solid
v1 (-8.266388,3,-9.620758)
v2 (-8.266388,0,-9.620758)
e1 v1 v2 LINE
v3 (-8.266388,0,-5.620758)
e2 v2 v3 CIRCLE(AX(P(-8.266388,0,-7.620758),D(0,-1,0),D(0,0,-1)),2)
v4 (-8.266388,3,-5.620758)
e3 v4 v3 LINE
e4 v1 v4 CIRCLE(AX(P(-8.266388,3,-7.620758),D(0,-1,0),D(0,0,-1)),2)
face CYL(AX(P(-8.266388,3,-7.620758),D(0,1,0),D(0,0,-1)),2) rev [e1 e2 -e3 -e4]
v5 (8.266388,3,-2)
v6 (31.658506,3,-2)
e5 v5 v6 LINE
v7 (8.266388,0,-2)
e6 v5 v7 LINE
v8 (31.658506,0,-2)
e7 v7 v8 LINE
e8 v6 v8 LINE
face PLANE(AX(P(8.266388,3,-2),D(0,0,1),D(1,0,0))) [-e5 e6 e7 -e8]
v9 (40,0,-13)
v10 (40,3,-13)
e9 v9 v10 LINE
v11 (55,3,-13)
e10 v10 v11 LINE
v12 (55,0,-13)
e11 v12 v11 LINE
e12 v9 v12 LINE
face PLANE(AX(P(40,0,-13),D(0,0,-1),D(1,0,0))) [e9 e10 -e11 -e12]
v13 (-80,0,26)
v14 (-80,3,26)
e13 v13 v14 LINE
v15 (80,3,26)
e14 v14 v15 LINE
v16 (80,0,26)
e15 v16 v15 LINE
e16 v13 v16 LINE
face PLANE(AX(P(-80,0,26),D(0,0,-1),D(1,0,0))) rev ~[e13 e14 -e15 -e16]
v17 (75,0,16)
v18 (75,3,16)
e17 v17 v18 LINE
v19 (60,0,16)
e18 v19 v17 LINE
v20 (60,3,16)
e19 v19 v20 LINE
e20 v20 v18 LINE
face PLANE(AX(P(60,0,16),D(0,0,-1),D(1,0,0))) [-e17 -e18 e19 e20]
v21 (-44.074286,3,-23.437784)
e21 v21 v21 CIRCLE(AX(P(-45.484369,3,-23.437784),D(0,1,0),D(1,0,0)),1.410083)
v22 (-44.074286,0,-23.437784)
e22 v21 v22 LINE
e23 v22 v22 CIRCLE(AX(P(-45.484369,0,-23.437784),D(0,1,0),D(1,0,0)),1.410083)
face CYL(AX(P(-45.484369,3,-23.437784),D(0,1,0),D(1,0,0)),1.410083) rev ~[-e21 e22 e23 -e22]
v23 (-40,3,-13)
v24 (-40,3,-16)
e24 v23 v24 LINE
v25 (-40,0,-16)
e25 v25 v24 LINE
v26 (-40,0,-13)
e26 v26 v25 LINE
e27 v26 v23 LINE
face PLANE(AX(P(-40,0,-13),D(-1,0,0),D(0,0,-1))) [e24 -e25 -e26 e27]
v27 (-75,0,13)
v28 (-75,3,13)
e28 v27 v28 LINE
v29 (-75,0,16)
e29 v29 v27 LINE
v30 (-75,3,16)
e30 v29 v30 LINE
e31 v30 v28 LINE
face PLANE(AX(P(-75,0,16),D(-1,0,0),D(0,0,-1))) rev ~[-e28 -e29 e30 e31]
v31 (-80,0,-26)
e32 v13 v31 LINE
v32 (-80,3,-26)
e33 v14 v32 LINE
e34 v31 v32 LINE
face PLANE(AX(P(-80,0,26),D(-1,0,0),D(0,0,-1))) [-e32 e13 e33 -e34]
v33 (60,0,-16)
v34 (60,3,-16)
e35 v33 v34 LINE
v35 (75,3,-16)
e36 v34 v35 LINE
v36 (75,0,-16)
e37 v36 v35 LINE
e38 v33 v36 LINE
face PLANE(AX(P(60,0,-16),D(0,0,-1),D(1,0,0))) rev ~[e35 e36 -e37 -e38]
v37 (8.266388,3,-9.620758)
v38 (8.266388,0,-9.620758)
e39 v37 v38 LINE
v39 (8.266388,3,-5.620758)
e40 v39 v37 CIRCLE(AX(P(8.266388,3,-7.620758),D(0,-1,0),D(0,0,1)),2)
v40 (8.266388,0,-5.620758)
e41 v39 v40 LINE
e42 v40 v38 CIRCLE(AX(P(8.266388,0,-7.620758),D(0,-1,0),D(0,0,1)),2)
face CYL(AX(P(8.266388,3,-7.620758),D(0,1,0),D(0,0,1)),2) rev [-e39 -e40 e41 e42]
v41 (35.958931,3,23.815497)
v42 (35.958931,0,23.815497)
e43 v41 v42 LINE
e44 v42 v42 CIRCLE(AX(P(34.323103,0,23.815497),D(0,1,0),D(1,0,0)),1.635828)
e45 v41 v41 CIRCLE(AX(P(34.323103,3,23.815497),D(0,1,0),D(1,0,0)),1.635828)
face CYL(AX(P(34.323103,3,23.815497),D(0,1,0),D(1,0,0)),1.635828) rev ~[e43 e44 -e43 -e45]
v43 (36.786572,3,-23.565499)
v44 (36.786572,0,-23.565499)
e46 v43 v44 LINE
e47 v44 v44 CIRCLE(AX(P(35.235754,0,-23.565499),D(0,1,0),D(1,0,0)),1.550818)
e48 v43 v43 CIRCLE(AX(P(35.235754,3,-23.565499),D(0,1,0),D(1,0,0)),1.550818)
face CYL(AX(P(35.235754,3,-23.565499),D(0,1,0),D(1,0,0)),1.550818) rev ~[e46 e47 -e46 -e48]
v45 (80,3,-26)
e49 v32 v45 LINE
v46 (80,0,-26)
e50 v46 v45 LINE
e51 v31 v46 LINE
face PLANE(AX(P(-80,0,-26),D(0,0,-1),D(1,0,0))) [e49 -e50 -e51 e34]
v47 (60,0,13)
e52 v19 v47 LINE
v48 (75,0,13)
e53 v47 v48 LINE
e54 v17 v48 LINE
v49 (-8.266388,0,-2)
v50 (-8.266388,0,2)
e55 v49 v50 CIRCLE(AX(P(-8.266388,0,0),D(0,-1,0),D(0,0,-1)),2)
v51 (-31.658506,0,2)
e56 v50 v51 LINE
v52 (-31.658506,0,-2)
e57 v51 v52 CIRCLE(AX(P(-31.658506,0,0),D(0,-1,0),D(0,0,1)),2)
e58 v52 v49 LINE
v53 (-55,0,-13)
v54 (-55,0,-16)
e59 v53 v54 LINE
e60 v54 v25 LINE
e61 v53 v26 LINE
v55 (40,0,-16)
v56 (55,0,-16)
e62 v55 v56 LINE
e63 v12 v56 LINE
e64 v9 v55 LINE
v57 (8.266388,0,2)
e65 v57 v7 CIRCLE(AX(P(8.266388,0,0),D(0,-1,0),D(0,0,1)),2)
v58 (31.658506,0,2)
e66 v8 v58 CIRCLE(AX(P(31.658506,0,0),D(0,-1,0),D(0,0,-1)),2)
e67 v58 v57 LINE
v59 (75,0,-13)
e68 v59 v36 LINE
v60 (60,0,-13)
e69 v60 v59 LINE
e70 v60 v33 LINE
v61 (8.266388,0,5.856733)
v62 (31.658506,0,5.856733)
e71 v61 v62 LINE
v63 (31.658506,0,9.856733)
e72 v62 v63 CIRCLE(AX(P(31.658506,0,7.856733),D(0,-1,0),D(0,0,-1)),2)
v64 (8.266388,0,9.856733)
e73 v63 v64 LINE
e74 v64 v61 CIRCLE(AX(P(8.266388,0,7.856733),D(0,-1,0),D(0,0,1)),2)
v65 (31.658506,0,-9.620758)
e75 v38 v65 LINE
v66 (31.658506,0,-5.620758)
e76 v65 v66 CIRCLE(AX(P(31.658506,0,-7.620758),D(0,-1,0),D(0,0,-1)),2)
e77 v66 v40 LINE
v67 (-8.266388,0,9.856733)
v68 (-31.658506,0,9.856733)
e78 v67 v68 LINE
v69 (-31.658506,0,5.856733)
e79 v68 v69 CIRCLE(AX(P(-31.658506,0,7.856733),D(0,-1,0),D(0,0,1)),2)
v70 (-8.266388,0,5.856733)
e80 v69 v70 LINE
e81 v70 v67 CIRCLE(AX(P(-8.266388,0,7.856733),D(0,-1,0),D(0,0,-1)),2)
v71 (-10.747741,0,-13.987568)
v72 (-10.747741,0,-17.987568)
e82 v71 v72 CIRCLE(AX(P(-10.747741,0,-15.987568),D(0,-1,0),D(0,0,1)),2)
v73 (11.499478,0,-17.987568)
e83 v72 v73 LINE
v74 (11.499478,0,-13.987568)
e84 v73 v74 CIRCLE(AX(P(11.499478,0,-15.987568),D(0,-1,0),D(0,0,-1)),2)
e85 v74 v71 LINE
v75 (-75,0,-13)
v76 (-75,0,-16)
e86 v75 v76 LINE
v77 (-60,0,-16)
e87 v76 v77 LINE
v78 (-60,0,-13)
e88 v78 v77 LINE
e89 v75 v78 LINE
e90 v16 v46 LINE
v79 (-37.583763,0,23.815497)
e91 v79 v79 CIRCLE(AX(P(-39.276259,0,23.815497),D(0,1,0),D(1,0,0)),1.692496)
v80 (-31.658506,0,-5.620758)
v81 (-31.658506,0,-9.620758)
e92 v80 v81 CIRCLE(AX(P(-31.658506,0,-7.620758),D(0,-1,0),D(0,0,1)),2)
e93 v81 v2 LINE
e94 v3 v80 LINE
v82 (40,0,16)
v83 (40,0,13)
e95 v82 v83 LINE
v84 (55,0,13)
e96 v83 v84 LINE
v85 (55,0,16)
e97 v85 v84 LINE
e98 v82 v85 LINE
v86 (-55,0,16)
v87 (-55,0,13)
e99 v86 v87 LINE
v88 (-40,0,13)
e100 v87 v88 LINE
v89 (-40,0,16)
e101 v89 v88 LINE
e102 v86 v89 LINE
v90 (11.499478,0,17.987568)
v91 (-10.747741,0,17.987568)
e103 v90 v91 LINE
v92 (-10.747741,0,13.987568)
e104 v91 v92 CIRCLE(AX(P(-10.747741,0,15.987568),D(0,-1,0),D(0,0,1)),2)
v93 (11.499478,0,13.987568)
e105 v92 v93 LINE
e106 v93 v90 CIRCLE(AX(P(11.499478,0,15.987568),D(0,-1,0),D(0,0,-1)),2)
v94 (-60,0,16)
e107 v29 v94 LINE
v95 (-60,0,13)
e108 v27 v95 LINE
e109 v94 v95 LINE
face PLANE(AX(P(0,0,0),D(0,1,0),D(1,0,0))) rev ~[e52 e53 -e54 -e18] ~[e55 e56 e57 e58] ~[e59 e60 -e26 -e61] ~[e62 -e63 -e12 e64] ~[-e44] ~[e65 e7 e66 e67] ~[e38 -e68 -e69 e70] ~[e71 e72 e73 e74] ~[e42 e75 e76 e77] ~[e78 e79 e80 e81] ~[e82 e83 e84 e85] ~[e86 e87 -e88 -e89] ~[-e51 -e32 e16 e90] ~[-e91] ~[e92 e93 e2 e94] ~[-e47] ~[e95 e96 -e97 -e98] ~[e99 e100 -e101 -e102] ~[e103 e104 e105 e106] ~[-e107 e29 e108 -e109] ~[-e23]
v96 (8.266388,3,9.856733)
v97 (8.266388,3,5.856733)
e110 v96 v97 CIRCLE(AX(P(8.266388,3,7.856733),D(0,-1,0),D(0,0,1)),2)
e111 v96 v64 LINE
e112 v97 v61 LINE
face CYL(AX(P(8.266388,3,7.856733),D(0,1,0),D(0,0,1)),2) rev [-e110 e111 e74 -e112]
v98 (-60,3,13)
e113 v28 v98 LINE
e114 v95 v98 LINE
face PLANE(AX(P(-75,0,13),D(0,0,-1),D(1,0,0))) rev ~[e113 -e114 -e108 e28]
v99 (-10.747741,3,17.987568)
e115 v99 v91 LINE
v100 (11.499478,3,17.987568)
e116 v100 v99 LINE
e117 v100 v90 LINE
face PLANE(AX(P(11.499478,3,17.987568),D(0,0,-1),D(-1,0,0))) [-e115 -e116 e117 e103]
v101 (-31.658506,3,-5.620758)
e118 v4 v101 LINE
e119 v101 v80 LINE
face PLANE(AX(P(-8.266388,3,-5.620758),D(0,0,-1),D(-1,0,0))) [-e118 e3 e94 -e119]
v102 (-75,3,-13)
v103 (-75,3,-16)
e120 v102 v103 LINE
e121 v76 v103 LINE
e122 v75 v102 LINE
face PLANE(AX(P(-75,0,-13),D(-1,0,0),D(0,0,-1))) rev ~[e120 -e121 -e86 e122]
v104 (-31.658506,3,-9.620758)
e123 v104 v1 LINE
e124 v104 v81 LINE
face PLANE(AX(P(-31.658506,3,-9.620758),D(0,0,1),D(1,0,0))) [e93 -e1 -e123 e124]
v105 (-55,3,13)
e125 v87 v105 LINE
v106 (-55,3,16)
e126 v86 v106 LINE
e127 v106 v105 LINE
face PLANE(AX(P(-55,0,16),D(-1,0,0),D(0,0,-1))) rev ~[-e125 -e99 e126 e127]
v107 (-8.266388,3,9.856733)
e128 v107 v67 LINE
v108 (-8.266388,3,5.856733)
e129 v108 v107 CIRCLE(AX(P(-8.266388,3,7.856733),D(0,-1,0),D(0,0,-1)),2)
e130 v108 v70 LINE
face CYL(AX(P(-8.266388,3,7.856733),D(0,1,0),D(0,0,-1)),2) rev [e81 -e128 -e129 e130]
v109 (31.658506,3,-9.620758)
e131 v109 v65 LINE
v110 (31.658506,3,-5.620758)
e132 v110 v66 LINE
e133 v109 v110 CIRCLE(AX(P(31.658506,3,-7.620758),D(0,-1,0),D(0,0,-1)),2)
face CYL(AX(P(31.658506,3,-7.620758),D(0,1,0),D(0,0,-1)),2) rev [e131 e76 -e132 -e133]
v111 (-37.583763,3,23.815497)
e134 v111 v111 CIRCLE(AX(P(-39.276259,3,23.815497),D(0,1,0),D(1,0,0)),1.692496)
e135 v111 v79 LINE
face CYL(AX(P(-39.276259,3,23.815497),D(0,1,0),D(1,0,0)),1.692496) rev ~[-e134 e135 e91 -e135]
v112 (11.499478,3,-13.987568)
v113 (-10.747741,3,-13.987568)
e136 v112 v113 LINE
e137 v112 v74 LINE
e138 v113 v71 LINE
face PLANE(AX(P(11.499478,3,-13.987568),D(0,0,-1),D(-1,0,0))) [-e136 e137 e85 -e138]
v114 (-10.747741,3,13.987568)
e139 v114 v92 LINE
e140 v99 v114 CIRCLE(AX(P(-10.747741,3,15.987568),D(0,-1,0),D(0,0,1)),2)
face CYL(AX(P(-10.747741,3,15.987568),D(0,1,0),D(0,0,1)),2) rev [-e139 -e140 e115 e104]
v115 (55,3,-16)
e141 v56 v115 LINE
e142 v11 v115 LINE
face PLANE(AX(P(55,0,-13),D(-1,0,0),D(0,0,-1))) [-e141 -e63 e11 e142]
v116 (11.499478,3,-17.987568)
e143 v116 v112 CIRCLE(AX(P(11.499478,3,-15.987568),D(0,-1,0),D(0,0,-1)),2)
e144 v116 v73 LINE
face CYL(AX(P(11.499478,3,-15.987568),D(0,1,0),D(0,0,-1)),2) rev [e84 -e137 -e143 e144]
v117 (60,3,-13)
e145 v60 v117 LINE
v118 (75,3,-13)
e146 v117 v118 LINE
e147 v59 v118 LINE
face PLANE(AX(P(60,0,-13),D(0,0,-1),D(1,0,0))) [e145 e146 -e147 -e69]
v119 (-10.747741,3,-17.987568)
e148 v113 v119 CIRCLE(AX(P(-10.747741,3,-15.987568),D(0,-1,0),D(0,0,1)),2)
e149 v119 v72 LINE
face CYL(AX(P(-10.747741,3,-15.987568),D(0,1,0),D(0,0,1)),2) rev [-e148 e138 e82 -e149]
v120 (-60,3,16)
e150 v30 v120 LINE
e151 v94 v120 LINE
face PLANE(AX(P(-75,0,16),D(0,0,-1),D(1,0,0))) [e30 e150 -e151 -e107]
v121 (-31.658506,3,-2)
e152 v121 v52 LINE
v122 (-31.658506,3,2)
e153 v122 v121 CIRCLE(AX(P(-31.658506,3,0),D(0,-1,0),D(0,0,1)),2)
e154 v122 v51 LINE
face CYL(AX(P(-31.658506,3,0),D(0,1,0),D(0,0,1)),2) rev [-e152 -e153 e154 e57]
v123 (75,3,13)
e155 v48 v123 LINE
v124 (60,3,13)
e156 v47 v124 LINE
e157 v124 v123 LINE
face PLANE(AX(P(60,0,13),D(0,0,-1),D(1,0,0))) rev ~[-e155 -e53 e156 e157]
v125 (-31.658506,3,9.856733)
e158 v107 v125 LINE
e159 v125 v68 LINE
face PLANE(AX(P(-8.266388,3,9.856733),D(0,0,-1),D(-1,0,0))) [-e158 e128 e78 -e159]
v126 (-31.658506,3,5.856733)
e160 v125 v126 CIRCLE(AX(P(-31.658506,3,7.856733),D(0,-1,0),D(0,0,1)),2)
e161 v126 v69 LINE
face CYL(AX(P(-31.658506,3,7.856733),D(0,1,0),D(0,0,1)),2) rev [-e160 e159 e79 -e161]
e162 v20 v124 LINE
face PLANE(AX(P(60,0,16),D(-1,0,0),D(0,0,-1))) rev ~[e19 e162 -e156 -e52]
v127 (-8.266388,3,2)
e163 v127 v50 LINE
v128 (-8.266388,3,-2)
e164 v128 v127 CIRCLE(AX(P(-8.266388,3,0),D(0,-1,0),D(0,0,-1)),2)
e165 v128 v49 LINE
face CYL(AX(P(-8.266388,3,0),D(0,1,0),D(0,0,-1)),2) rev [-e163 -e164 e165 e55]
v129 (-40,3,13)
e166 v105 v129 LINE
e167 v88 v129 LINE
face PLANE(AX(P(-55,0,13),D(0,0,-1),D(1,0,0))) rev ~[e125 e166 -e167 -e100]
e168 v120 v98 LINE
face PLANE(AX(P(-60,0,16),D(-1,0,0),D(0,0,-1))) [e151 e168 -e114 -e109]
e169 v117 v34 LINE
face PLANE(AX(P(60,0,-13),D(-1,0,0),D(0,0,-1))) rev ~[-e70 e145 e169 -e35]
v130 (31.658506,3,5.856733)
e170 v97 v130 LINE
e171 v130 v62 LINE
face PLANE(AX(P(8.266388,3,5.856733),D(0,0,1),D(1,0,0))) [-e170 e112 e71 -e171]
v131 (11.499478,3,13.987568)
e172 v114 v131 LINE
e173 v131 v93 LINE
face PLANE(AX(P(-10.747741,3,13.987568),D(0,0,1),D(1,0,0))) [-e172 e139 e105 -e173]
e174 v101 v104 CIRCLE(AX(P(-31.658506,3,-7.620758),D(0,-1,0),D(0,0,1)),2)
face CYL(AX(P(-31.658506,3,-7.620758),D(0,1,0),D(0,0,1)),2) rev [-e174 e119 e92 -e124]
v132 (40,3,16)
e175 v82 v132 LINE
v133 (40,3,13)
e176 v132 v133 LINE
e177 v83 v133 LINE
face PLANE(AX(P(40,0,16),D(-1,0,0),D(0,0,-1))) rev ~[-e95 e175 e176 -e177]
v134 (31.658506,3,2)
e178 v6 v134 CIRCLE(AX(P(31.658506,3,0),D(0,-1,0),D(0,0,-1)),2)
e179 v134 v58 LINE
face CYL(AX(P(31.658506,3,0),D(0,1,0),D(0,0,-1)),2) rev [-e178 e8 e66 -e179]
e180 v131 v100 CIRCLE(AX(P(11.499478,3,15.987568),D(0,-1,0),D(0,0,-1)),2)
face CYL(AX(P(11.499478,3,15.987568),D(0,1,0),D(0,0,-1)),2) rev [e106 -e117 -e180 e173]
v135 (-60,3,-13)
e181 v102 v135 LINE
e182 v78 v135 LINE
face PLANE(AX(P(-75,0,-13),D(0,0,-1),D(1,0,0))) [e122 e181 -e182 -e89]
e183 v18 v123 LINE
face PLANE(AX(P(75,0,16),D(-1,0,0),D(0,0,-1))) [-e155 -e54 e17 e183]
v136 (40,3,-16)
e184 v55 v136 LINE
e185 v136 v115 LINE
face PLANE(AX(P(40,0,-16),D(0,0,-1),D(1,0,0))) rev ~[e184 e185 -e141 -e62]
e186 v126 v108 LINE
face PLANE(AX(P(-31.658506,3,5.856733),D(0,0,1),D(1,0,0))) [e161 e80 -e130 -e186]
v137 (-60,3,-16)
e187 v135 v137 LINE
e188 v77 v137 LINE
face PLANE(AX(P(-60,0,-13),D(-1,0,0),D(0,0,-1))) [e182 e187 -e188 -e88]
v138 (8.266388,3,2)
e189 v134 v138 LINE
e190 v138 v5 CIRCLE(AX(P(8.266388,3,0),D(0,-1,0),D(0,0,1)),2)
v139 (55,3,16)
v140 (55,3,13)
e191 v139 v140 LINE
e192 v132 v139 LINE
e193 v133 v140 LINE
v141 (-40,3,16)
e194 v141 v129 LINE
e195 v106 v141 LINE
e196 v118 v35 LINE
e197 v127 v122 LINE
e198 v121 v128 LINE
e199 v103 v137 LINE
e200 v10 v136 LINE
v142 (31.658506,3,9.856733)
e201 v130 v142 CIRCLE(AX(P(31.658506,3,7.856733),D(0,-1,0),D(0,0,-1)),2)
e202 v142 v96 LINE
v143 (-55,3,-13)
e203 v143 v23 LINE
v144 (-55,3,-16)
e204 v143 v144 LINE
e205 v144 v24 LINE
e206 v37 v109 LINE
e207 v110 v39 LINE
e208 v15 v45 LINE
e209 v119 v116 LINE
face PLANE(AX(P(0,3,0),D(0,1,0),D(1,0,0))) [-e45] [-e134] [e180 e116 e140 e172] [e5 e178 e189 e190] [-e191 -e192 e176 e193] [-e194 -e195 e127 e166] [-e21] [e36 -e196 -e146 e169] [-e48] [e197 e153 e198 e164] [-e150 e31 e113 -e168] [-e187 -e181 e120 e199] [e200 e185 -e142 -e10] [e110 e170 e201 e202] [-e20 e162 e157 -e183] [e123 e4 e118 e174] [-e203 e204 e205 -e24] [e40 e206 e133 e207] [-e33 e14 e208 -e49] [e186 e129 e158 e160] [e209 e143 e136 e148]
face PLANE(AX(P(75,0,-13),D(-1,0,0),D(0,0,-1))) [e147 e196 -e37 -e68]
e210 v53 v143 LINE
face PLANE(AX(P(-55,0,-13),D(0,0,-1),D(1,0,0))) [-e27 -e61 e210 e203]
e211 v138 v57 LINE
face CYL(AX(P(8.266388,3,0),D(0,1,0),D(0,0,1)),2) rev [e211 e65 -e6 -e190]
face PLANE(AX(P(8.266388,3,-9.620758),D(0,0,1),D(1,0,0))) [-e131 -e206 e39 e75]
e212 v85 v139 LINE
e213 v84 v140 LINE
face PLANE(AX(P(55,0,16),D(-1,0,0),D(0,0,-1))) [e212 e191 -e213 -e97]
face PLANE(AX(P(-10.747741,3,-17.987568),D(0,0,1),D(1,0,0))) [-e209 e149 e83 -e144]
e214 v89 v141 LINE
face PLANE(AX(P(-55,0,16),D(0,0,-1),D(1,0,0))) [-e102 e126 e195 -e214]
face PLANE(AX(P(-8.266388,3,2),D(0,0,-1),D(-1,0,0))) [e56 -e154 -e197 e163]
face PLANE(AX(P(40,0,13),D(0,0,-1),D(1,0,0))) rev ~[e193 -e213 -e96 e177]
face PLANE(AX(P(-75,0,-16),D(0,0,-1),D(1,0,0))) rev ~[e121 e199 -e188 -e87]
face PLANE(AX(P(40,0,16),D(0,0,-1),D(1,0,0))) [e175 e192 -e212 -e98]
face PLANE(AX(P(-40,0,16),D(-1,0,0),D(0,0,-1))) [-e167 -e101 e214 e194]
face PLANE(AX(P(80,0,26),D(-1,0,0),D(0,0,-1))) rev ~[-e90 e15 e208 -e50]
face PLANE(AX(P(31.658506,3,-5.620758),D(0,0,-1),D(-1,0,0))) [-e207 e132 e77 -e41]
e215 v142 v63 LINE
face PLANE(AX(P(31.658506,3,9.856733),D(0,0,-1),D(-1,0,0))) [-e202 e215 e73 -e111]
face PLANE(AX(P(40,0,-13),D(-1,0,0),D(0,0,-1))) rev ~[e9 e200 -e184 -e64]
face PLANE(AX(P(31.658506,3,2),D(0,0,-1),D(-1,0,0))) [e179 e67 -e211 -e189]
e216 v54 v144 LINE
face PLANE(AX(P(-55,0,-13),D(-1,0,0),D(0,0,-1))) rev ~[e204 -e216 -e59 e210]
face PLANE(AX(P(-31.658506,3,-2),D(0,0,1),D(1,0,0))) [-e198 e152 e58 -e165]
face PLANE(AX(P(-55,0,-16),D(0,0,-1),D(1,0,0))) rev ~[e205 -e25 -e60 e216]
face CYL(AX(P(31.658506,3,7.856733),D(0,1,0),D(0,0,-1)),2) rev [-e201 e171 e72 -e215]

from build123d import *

# Parameters (mm, degrees)
SKETCH1_W           = 160
SKETCH1_H           = 52
SKETCH1_W_2         = 15
SKETCH1_H_2         = 3
BOSS_EXTRUDE1_DEPTH = 3
CUT_EXTRUDE1_DEPTH  = 3
SKETCH3_R           = 1.63582752
SKETCH3_R_2         = 1.692495787
SKETCH3_R_3         = 1.410083192
SKETCH3_R_4         = 1.550817753
CUT_EXTRUDE2_DEPTH  = 10


with BuildPart() as part:
    # Sketch1 → Boss-Extrude1 (new body)
    with BuildSketch(Plane(origin=(0, 0, 0), x_dir=(1, 0, 0), z_dir=(0, 1, 0))):
        Rectangle(SKETCH1_W, SKETCH1_H)
        with Locations((67.5, 14.5)):
            Rectangle(SKETCH1_W_2, SKETCH1_H_2, mode=Mode.SUBTRACT)
        with Locations((47.5, 14.5)):
            Rectangle(SKETCH1_W_2, SKETCH1_H_2, mode=Mode.SUBTRACT)
        with Locations((67.5, -14.5)):
            Rectangle(SKETCH1_W_2, SKETCH1_H_2, mode=Mode.SUBTRACT)
        with Locations((47.5, -14.5)):
            Rectangle(SKETCH1_W_2, SKETCH1_H_2, mode=Mode.SUBTRACT)
        with Locations((-47.5, -14.5)):
            Rectangle(SKETCH1_W_2, SKETCH1_H_2, mode=Mode.SUBTRACT)
        with Locations((-67.5, -14.5)):
            Rectangle(SKETCH1_W_2, SKETCH1_H_2, mode=Mode.SUBTRACT)
        with Locations((-47.5, 14.5)):
            Rectangle(SKETCH1_W_2, SKETCH1_H_2, mode=Mode.SUBTRACT)
        with Locations((-67.5, 14.5)):
            Rectangle(SKETCH1_W_2, SKETCH1_H_2, mode=Mode.SUBTRACT)
    extrude(amount=BOSS_EXTRUDE1_DEPTH)

    # Sketch2 → Cut-Extrude1 (cut)
    with BuildSketch(Plane(origin=(0, 3, 0), x_dir=(1, 0, 0), z_dir=(0, 1, 0))):
        with BuildLine():
            Line((-31.658505885, 2), (-8.266387648, 2))
            ThreePointArc((-8.266387648, 2), (-6.266387648, 0), (-8.266387648, -2))
            Line((-8.266387648, -2), (-31.658505885, -2))
            ThreePointArc((-31.658505885, -2), (-33.658505885, 0), (-31.658505885, 2))
        make_face()
        with BuildLine():
            Line((31.658505885, -9.856733432), (8.266387648, -9.856733432))
            ThreePointArc((8.266387648, -9.856733432), (6.266387648, -7.856733432), (8.266387648, -5.856733432))
            Line((8.266387648, -5.856733432), (31.658505885, -5.856733432))
            ThreePointArc((31.658505885, -5.856733432), (33.658505885, -7.856733432), (31.658505885, -9.856733432))
        make_face()
        with BuildLine():
            Line((-10.747740664, 17.987567994), (11.499478158, 17.987567994))
            ThreePointArc((11.499478158, 17.987567994), (13.499478158, 15.987567994), (11.499478158, 13.987567994))
            Line((11.499478158, 13.987567994), (-10.747740664, 13.987567994))
            ThreePointArc((-10.747740664, 13.987567994), (-12.747740664, 15.987567994), (-10.747740664, 17.987567994))
        make_face()
        with BuildLine():
            Line((-31.658505885, 9.620758334), (-8.266387648, 9.620758334))
            ThreePointArc((-8.266387648, 9.620758334), (-6.266387648, 7.620758334), (-8.266387648, 5.620758334))
            Line((-8.266387648, 5.620758334), (-31.658505885, 5.620758334))
            ThreePointArc((-31.658505885, 5.620758334), (-33.658505885, 7.620758334), (-31.658505885, 9.620758334))
        make_face()
        with BuildLine():
            Line((31.658505885, 5.620758334), (8.266387648, 5.620758334))
            ThreePointArc((8.266387648, 5.620758334), (6.266387648, 7.620758334), (8.266387648, 9.620758334))
            Line((8.266387648, 9.620758334), (31.658505885, 9.620758334))
            ThreePointArc((31.658505885, 9.620758334), (33.658505885, 7.620758334), (31.658505885, 5.620758334))
        make_face()
        with BuildLine():
            Line((-31.658505885, -5.856733432), (-8.266387648, -5.856733432))
            ThreePointArc((-8.266387648, -5.856733432), (-6.266387648, -7.856733432), (-8.266387648, -9.856733432))
            Line((-8.266387648, -9.856733432), (-31.658505885, -9.856733432))
            ThreePointArc((-31.658505885, -9.856733432), (-33.658505885, -7.856733432), (-31.658505885, -5.856733432))
        make_face()
        with BuildLine():
            Line((31.658505885, -2), (8.266387648, -2))
            ThreePointArc((8.266387648, -2), (6.266387648, 0), (8.266387648, 2))
            Line((8.266387648, 2), (31.658505885, 2))
            ThreePointArc((31.658505885, 2), (33.658505885, 0), (31.658505885, -2))
        make_face()
        with BuildLine():
            Line((-10.747740664, -13.987567994), (11.499478158, -13.987567994))
            ThreePointArc((11.499478158, -13.987567994), (13.499478158, -15.987567994), (11.499478158, -17.987567994))
            Line((11.499478158, -17.987567994), (-10.747740664, -17.987567994))
            ThreePointArc((-10.747740664, -17.987567994), (-12.747740664, -15.987567994), (-10.747740664, -13.987567994))
        make_face()
    extrude(amount=-CUT_EXTRUDE1_DEPTH, mode=Mode.SUBTRACT)

    # Sketch3 → Cut-Extrude2 (cut)
    with BuildSketch(Plane(origin=(0, 3, 0), x_dir=(1, 0, 0), z_dir=(0, 1, 0))):
        with Locations((34.323103301, -23.81549711)):
            Circle(SKETCH3_R)
        with Locations((-39.276258797, -23.81549711)):
            Circle(SKETCH3_R_2)
        with Locations((-45.484369153, 23.437784188)):
            Circle(SKETCH3_R_3)
        with Locations((35.235754497, 23.565498985)):
            Circle(SKETCH3_R_4)
    extrude(amount=-CUT_EXTRUDE2_DEPTH, mode=Mode.SUBTRACT)


solid = part.part
